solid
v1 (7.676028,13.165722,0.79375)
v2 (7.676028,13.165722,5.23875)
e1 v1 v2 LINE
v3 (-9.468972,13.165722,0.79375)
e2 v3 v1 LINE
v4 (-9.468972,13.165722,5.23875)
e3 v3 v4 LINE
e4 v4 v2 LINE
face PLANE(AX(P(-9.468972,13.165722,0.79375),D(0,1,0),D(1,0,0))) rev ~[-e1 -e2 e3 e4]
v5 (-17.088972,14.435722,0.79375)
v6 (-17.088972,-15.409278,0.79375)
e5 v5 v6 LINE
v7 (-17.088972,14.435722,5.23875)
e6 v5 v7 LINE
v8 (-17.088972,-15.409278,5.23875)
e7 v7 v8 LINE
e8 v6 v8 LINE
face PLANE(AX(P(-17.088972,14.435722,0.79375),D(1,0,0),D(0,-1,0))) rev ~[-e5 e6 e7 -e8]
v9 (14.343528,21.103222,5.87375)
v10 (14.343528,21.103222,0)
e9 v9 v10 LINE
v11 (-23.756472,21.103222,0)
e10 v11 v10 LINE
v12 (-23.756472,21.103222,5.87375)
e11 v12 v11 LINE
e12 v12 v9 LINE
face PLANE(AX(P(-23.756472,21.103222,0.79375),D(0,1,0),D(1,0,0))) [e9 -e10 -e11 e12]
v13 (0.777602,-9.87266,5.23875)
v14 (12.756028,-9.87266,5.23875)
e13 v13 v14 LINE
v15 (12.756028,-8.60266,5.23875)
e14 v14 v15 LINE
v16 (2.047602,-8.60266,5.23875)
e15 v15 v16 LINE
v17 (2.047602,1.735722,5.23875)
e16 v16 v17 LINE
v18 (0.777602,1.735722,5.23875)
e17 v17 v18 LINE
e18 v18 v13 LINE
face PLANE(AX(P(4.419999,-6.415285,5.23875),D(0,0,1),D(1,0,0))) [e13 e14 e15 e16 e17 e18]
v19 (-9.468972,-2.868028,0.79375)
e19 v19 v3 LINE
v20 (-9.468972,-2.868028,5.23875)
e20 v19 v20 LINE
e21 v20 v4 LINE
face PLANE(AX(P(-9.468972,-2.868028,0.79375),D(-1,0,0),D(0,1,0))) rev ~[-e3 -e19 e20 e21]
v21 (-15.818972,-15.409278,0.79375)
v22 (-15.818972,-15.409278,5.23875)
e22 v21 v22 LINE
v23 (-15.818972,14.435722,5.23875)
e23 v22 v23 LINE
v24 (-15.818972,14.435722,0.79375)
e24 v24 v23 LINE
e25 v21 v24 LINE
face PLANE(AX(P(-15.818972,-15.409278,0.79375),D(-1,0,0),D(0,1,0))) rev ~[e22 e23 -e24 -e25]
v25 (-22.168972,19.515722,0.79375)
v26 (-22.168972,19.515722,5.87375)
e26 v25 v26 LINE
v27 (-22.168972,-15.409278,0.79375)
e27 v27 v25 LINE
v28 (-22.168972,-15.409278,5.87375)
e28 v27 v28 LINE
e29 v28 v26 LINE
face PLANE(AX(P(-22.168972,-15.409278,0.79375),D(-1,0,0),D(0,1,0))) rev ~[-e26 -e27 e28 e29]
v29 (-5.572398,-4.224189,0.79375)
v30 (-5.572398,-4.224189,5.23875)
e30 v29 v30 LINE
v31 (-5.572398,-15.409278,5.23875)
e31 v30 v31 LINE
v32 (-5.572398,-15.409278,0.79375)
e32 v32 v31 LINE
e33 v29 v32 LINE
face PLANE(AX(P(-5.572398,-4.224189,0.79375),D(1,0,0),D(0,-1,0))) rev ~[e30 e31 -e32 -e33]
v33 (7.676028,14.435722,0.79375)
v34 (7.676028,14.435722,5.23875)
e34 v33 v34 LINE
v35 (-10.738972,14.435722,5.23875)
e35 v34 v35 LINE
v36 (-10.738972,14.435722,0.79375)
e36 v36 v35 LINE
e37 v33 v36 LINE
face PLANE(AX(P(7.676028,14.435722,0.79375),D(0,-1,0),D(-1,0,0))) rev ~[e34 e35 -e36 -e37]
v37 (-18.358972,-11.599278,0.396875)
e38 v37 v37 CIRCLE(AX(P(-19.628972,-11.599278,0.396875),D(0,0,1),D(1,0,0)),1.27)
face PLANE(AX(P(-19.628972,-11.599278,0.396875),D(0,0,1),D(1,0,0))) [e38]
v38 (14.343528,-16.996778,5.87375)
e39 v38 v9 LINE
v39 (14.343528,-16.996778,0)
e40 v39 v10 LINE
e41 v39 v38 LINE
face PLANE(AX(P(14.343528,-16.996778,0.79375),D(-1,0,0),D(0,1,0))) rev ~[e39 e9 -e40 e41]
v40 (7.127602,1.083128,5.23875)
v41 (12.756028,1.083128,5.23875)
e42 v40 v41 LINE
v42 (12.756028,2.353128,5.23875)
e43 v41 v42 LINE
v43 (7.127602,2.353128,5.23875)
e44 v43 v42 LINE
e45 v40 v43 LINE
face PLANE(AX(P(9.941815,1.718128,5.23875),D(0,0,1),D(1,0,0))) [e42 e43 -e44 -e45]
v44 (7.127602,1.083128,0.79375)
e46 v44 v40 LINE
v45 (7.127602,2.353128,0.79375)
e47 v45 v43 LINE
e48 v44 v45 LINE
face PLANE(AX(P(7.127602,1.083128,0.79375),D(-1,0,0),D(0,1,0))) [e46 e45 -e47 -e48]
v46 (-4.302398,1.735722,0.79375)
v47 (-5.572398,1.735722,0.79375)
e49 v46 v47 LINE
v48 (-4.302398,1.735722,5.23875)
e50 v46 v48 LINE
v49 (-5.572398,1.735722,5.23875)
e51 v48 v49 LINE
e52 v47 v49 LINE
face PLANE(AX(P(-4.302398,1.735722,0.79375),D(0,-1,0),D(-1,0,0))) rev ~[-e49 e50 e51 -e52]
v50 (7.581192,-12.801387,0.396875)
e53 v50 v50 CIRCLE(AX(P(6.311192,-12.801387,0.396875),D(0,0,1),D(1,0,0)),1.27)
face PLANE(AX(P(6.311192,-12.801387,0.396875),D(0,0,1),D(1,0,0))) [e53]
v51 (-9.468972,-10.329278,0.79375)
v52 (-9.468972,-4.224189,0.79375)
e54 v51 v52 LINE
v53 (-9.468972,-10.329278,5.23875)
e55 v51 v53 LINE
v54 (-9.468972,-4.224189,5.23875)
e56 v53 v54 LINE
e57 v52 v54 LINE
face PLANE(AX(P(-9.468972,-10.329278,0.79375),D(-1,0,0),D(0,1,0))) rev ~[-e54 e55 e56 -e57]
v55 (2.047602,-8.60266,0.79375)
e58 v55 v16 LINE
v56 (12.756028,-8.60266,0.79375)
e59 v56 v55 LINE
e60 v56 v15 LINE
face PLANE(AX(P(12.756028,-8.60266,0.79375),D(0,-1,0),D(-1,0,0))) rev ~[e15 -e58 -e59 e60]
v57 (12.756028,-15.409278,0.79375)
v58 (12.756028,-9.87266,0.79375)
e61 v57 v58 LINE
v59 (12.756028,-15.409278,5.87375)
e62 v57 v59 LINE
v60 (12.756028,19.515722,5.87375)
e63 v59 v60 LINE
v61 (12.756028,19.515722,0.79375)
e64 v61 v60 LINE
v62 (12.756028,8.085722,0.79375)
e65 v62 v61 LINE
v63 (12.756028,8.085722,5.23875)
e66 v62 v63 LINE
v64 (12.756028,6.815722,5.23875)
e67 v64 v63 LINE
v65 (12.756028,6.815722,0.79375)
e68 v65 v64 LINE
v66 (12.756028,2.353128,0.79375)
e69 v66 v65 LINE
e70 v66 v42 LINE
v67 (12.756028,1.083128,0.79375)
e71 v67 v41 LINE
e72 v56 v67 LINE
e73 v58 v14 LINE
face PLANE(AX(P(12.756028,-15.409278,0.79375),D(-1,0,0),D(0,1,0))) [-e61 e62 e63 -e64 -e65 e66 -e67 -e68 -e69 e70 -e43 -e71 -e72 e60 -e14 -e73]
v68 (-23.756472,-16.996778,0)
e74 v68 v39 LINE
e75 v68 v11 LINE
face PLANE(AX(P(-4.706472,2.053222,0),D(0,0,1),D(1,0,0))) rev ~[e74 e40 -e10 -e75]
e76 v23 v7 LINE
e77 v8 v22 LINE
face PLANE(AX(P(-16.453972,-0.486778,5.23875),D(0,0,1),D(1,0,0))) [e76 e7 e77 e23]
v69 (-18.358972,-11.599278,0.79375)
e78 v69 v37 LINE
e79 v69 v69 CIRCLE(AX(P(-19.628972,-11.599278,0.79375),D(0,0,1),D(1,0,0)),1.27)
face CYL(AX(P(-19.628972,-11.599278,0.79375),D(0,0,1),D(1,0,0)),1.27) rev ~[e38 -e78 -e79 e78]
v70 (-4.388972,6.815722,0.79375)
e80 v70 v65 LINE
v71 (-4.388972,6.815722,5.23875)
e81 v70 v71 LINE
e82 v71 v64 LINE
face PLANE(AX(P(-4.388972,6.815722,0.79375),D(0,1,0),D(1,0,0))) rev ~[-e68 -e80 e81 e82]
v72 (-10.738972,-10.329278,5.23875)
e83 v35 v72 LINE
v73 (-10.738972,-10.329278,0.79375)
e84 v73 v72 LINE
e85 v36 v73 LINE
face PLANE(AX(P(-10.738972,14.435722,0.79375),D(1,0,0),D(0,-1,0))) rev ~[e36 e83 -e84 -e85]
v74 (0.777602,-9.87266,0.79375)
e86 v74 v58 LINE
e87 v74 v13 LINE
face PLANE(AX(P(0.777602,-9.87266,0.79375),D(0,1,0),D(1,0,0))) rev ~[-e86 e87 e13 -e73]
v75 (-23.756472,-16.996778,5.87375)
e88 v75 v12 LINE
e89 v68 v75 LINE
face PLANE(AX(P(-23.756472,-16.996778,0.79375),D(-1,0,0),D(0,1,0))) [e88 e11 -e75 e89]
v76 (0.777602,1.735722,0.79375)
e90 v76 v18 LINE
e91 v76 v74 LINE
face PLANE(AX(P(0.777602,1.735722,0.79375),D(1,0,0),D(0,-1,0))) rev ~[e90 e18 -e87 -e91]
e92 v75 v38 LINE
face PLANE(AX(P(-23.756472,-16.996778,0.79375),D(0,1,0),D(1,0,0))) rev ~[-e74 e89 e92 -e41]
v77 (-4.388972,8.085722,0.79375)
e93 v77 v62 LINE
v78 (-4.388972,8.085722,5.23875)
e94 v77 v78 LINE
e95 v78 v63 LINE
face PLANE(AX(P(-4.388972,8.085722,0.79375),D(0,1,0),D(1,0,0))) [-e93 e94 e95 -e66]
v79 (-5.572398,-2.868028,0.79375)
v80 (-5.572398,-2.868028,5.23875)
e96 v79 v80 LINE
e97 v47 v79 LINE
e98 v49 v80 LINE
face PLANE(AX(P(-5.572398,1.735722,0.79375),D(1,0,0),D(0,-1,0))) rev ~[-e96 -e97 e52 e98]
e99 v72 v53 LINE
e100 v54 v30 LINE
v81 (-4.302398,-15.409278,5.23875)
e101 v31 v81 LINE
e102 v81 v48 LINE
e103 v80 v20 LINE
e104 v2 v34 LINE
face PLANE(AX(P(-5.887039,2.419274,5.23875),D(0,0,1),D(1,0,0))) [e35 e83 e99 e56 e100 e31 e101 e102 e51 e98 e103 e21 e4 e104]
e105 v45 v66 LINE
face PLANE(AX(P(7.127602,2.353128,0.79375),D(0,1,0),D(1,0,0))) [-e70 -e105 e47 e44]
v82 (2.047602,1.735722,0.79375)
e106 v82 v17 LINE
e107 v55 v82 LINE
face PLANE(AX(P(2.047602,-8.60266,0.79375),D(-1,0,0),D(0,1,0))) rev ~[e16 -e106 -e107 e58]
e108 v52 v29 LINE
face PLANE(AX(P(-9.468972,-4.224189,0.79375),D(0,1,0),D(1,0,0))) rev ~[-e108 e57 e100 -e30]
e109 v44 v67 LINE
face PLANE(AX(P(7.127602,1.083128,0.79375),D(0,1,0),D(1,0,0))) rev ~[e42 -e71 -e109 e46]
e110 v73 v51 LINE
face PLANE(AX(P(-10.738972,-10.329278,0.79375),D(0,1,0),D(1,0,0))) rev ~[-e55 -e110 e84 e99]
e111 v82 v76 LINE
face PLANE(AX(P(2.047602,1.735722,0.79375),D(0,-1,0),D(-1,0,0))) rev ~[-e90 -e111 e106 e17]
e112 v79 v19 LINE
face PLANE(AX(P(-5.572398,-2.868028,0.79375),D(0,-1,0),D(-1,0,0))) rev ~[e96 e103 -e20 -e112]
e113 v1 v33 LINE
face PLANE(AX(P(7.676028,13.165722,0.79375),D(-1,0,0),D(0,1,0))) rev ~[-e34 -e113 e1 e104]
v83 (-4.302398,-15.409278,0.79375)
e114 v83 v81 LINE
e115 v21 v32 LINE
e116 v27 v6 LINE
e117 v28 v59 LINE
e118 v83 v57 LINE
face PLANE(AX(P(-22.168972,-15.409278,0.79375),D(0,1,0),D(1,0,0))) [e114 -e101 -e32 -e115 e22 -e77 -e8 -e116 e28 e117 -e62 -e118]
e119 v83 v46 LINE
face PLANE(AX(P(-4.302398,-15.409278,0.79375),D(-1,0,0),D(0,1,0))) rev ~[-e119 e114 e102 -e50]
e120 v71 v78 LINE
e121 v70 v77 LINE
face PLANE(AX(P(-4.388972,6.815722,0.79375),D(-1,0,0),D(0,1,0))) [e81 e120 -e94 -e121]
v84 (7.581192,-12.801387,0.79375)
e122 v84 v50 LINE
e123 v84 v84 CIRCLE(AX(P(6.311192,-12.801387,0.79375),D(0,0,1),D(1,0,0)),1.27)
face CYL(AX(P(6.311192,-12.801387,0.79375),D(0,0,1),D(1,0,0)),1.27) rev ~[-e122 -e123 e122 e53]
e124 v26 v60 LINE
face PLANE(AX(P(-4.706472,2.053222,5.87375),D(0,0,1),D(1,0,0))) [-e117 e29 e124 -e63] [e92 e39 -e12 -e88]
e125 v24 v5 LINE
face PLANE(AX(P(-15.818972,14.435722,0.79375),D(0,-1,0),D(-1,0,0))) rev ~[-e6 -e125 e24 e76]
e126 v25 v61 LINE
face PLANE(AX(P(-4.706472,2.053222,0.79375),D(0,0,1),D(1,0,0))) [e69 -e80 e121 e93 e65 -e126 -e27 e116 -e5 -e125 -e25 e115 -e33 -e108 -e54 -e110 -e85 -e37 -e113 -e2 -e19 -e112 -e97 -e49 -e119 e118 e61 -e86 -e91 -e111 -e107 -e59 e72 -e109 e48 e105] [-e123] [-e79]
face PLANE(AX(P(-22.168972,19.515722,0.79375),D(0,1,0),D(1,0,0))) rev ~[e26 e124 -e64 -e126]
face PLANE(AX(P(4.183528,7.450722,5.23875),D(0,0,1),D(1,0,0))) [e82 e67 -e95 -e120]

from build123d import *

# Parameters (mm, degrees)
F0_W     = 38.1
F0_H     = 38.1
F1_DEPTH = 0.79375
F2_W     = 38.1
F2_H     = 38.1
F2_W_2   = 34.925
F2_H_2   = 34.925
F3_DEPTH = 5.08
F4_R     = 1.27
F5_DEPTH = 0.396875
F4_W     = 17.145
F4_H     = 1.27
F4_W_2   = 5.628426
F6_DEPTH = 4.445


with BuildPart() as f1:
    # F0 (on Top) → F1 (new body)
    with BuildSketch(Plane.XY):
        with Locations((-4.706472, 2.053222)):
            Rectangle(F0_W, F0_H)
    extrude(amount=F1_DEPTH)

    # F2 (on face) → F3 (join)
    with BuildSketch(Plane.XY.offset(0.79375)):
        with Locations((-4.706472, 2.053222)):
            Rectangle(F2_W, F2_H)
        with Locations((-4.706472, 2.053222)):
            Rectangle(F2_W_2, F2_H_2, mode=Mode.SUBTRACT)
    extrude(amount=F3_DEPTH)

    # F4 (on face) → F5 (cut)
    with BuildSketch(Plane.XY.offset(0.79375)):
        with Locations((-19.628972, -11.599278)):
            Circle(F4_R)
        with Locations((6.311192, -12.801387)):
            Circle(F4_R)
    extrude(amount=-F5_DEPTH, mode=Mode.SUBTRACT)

    # F4 (on face) → F6 (join)
    with BuildSketch(Plane.XY.offset(0.79375)):
        Polygon((-17.088972, 14.435722), (-17.088972, -15.409278), (-15.818972, -15.409278), (-15.818972, 4.593222), (-15.818972, 6.320145), (-15.818972, 14.435722), align=None)
        Polygon((-5.572398, -4.224189), (-5.572398, -15.409278), (-4.302398, -15.409278), (-4.302398, -2.868028), (-4.302398, 1.735722), (-5.572398, 1.735722), (-5.572398, -2.868028), (-9.468972, -2.868028), (-9.468972, 4.593222), (-9.468972, 6.320145), (-9.468972, 13.165722), (7.676028, 13.165722), (7.676028, 14.435722), (-9.468972, 14.435722), (-10.738972, 14.435722), (-10.738972, 6.320145), (-10.738972, 4.593222), (-10.738972, -10.329278), (-9.468972, -10.329278), (-9.468972, -4.224189), align=None)
        with Locations((4.183528, 7.450722)):
            Rectangle(F4_W, F4_H)
        Polygon((7.676028, -9.87266), (12.756028, -9.87266), (12.756028, -8.60266), (7.676028, -8.60266), (2.047602, -8.60266), (2.047602, 1.735722), (0.777602, 1.735722), (0.777602, -4.068469), (0.777602, -5.338469), (0.777602, -9.87266), (2.047602, -9.87266), align=None)
        with Locations((9.941815, 1.718128)):
            Rectangle(F4_W_2, F4_H)
    extrude(amount=F6_DEPTH)


solid = f1.part
